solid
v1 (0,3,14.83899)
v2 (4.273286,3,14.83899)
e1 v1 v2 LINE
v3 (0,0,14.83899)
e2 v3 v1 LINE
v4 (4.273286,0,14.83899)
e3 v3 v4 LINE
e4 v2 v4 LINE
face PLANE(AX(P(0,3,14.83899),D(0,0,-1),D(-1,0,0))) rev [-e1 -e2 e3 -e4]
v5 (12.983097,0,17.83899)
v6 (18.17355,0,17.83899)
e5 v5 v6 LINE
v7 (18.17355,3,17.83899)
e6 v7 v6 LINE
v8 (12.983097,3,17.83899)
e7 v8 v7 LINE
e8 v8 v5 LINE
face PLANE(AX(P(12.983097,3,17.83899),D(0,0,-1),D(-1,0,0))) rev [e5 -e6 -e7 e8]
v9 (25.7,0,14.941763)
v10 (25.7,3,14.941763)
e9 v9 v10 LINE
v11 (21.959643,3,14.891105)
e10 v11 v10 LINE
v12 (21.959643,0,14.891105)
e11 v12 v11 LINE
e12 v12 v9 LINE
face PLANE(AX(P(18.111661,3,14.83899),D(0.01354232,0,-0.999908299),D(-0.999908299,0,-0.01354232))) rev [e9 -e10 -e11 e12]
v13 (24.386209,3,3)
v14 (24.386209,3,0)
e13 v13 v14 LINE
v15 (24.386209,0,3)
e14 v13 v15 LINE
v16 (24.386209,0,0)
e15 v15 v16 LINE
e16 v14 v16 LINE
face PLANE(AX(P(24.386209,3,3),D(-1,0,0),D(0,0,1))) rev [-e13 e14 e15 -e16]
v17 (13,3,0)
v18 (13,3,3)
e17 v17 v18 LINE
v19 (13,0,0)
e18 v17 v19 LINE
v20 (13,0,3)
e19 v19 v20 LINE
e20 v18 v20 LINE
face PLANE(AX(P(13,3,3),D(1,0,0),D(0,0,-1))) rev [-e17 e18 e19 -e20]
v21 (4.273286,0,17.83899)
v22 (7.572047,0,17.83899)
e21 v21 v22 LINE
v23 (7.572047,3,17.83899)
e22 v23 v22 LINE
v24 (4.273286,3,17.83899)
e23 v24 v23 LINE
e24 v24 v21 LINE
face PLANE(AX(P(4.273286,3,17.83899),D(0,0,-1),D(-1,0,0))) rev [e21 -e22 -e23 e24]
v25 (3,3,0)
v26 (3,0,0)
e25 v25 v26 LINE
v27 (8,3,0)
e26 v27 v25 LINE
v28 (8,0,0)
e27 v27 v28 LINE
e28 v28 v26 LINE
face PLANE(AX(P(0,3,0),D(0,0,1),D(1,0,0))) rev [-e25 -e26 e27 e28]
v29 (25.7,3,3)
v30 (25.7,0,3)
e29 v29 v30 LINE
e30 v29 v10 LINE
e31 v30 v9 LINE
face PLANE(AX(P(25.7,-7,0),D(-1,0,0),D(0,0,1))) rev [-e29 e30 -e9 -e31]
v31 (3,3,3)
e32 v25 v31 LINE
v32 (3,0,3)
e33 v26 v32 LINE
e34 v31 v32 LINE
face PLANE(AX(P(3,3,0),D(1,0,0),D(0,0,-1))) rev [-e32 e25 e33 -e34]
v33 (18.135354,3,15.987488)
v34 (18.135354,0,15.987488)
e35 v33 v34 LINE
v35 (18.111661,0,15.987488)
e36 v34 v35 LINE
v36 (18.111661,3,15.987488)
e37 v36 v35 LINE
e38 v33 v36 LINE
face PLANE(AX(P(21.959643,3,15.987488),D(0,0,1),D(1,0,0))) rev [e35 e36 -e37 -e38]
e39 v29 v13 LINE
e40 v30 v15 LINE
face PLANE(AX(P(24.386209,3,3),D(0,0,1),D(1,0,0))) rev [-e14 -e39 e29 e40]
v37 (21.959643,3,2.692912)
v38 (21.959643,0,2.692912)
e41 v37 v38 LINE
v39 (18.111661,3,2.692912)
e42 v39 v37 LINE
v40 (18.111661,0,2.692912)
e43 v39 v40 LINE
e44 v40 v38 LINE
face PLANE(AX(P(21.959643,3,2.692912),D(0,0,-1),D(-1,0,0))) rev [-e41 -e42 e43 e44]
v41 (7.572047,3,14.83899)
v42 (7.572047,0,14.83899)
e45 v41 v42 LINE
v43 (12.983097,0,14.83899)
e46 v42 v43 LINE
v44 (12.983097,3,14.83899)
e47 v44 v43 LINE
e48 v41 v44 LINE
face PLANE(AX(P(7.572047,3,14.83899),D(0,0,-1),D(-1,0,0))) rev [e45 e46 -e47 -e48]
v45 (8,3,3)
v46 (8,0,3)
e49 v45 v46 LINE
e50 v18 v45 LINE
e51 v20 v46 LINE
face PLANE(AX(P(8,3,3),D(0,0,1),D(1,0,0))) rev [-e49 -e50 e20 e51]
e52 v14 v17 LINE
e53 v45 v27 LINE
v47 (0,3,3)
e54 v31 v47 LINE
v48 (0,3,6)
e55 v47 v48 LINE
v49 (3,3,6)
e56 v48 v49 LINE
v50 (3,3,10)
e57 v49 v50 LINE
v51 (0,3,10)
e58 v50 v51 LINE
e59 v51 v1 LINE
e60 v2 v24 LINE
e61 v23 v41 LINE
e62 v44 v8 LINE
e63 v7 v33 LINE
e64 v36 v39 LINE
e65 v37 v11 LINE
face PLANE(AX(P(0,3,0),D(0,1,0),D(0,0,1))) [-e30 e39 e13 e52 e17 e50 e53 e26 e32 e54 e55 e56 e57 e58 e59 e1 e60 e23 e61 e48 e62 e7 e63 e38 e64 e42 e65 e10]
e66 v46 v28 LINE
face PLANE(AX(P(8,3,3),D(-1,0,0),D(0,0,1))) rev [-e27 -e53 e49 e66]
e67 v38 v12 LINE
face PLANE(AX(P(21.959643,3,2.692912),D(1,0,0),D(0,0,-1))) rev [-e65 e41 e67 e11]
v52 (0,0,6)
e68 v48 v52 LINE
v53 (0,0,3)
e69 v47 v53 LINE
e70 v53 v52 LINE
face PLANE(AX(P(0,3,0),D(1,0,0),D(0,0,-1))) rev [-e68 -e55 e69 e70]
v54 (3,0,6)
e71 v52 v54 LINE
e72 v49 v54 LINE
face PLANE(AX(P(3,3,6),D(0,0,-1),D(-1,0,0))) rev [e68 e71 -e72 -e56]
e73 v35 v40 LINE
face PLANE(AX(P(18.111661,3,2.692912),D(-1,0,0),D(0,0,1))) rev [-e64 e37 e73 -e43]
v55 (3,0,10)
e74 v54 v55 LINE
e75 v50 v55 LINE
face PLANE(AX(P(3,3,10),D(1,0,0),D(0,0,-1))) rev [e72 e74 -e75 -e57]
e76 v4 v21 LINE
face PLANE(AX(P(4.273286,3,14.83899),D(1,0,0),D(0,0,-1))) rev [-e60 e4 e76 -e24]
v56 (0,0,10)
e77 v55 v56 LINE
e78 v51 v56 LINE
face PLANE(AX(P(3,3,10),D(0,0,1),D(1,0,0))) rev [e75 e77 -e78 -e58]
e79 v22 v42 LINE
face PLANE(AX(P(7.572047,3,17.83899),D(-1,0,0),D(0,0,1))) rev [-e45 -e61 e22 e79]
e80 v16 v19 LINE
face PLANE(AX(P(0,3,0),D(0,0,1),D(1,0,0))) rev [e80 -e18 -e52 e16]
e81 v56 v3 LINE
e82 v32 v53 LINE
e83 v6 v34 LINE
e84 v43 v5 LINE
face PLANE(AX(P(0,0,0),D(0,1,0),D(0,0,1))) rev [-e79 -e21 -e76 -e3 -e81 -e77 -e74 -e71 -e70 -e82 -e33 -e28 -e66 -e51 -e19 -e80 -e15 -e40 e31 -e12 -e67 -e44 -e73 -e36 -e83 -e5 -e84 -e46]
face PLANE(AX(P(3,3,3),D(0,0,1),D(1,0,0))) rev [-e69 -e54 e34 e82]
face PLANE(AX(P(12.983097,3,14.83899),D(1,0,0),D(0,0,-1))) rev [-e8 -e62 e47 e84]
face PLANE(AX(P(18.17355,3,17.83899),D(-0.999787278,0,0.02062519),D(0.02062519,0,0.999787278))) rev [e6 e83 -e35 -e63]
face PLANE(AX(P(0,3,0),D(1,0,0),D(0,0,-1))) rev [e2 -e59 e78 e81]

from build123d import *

# Parameters (mm, degrees)
SKETCH1_W           = 30
SKETCH1_H           = 30
BOSS_EXTRUDE1_DEPTH = 3
SKETCH2_W           = 5
SKETCH2_H           = 3
SKETCH2_W_2         = 1.313790547
SKETCH2_W_3         = 3
SKETCH2_H_2         = 4
CUT_EXTRUDE1_DEPTH  = 3
SKETCH3_W           = 3.847981768
SKETCH3_H           = 13.294575909
CUT_EXTRUDE2_DEPTH  = 3
CUT_EXTRUDE3_DEPTH  = 3
CUT_EXTRUDE4_DEPTH  = 10


with BuildPart() as part:
    # Sketch1 → Boss-Extrude1 (new body)
    with BuildSketch(Plane(origin=(0, 0, 0), x_dir=(1, 0, 0), z_dir=(0, 1, 0))):
        with Locations((15, -15)):
            Rectangle(SKETCH1_W, SKETCH1_H)
    extrude(amount=BOSS_EXTRUDE1_DEPTH)

    # Sketch2 → Cut-Extrude1 (cut)
    with BuildSketch(Plane.XZ):
        with Locations((10.5, 1.5)):
            Rectangle(SKETCH2_W, SKETCH2_H)
        with Locations((25.043104727, 1.5)):
            Rectangle(SKETCH2_W_2, SKETCH2_H)
        with Locations((1.5, 1.5)):
            Rectangle(SKETCH2_W_3, SKETCH2_H)
        with Locations((1.5, 8)):
            Rectangle(SKETCH2_W_3, SKETCH2_H_2)
    extrude(amount=-CUT_EXTRUDE1_DEPTH, mode=Mode.SUBTRACT)

    # Sketch3 → Cut-Extrude2 (cut)
    with BuildSketch(Plane.XZ):
        with Locations((20.035652011, 9.340199914)):
            Rectangle(SKETCH3_W, SKETCH3_H)
    extrude(amount=-CUT_EXTRUDE2_DEPTH, mode=Mode.SUBTRACT)

    # Sketch4 → Cut-Extrude3 (cut)
    with BuildSketch(Plane.XZ):
        Polygon((0, 14.83898954), (4.273286448, 14.83898954), (4.273286448, 17.83898954), (7.572046642, 17.83898954), (7.572046642, 14.83898954), (12.983097177, 14.83898954), (12.983097177, 17.83898954), (18.173549861, 17.83898954), (18.111661127, 14.83898954), (30, 15), (30, 36.64216365), (-3.662569557, 36.64216365), (-3.662569557, 14.83898954), align=None)
    extrude(amount=-CUT_EXTRUDE3_DEPTH, mode=Mode.SUBTRACT)

    # Sketch6 → Cut-Extrude4 (cut)
    with BuildSketch(Plane(origin=(0, 3, 0), x_dir=(1, 0, 0), z_dir=(0, 1, 0))):
        Polygon((25.7, 0), (25.7, -20.065163227), (34.530029549, -19.489635477), (33.156944601, 1.576908509), (28.640882237, 2.839466423), align=None)
    extrude(amount=-CUT_EXTRUDE4_DEPTH, mode=Mode.SUBTRACT)


solid = part.part
